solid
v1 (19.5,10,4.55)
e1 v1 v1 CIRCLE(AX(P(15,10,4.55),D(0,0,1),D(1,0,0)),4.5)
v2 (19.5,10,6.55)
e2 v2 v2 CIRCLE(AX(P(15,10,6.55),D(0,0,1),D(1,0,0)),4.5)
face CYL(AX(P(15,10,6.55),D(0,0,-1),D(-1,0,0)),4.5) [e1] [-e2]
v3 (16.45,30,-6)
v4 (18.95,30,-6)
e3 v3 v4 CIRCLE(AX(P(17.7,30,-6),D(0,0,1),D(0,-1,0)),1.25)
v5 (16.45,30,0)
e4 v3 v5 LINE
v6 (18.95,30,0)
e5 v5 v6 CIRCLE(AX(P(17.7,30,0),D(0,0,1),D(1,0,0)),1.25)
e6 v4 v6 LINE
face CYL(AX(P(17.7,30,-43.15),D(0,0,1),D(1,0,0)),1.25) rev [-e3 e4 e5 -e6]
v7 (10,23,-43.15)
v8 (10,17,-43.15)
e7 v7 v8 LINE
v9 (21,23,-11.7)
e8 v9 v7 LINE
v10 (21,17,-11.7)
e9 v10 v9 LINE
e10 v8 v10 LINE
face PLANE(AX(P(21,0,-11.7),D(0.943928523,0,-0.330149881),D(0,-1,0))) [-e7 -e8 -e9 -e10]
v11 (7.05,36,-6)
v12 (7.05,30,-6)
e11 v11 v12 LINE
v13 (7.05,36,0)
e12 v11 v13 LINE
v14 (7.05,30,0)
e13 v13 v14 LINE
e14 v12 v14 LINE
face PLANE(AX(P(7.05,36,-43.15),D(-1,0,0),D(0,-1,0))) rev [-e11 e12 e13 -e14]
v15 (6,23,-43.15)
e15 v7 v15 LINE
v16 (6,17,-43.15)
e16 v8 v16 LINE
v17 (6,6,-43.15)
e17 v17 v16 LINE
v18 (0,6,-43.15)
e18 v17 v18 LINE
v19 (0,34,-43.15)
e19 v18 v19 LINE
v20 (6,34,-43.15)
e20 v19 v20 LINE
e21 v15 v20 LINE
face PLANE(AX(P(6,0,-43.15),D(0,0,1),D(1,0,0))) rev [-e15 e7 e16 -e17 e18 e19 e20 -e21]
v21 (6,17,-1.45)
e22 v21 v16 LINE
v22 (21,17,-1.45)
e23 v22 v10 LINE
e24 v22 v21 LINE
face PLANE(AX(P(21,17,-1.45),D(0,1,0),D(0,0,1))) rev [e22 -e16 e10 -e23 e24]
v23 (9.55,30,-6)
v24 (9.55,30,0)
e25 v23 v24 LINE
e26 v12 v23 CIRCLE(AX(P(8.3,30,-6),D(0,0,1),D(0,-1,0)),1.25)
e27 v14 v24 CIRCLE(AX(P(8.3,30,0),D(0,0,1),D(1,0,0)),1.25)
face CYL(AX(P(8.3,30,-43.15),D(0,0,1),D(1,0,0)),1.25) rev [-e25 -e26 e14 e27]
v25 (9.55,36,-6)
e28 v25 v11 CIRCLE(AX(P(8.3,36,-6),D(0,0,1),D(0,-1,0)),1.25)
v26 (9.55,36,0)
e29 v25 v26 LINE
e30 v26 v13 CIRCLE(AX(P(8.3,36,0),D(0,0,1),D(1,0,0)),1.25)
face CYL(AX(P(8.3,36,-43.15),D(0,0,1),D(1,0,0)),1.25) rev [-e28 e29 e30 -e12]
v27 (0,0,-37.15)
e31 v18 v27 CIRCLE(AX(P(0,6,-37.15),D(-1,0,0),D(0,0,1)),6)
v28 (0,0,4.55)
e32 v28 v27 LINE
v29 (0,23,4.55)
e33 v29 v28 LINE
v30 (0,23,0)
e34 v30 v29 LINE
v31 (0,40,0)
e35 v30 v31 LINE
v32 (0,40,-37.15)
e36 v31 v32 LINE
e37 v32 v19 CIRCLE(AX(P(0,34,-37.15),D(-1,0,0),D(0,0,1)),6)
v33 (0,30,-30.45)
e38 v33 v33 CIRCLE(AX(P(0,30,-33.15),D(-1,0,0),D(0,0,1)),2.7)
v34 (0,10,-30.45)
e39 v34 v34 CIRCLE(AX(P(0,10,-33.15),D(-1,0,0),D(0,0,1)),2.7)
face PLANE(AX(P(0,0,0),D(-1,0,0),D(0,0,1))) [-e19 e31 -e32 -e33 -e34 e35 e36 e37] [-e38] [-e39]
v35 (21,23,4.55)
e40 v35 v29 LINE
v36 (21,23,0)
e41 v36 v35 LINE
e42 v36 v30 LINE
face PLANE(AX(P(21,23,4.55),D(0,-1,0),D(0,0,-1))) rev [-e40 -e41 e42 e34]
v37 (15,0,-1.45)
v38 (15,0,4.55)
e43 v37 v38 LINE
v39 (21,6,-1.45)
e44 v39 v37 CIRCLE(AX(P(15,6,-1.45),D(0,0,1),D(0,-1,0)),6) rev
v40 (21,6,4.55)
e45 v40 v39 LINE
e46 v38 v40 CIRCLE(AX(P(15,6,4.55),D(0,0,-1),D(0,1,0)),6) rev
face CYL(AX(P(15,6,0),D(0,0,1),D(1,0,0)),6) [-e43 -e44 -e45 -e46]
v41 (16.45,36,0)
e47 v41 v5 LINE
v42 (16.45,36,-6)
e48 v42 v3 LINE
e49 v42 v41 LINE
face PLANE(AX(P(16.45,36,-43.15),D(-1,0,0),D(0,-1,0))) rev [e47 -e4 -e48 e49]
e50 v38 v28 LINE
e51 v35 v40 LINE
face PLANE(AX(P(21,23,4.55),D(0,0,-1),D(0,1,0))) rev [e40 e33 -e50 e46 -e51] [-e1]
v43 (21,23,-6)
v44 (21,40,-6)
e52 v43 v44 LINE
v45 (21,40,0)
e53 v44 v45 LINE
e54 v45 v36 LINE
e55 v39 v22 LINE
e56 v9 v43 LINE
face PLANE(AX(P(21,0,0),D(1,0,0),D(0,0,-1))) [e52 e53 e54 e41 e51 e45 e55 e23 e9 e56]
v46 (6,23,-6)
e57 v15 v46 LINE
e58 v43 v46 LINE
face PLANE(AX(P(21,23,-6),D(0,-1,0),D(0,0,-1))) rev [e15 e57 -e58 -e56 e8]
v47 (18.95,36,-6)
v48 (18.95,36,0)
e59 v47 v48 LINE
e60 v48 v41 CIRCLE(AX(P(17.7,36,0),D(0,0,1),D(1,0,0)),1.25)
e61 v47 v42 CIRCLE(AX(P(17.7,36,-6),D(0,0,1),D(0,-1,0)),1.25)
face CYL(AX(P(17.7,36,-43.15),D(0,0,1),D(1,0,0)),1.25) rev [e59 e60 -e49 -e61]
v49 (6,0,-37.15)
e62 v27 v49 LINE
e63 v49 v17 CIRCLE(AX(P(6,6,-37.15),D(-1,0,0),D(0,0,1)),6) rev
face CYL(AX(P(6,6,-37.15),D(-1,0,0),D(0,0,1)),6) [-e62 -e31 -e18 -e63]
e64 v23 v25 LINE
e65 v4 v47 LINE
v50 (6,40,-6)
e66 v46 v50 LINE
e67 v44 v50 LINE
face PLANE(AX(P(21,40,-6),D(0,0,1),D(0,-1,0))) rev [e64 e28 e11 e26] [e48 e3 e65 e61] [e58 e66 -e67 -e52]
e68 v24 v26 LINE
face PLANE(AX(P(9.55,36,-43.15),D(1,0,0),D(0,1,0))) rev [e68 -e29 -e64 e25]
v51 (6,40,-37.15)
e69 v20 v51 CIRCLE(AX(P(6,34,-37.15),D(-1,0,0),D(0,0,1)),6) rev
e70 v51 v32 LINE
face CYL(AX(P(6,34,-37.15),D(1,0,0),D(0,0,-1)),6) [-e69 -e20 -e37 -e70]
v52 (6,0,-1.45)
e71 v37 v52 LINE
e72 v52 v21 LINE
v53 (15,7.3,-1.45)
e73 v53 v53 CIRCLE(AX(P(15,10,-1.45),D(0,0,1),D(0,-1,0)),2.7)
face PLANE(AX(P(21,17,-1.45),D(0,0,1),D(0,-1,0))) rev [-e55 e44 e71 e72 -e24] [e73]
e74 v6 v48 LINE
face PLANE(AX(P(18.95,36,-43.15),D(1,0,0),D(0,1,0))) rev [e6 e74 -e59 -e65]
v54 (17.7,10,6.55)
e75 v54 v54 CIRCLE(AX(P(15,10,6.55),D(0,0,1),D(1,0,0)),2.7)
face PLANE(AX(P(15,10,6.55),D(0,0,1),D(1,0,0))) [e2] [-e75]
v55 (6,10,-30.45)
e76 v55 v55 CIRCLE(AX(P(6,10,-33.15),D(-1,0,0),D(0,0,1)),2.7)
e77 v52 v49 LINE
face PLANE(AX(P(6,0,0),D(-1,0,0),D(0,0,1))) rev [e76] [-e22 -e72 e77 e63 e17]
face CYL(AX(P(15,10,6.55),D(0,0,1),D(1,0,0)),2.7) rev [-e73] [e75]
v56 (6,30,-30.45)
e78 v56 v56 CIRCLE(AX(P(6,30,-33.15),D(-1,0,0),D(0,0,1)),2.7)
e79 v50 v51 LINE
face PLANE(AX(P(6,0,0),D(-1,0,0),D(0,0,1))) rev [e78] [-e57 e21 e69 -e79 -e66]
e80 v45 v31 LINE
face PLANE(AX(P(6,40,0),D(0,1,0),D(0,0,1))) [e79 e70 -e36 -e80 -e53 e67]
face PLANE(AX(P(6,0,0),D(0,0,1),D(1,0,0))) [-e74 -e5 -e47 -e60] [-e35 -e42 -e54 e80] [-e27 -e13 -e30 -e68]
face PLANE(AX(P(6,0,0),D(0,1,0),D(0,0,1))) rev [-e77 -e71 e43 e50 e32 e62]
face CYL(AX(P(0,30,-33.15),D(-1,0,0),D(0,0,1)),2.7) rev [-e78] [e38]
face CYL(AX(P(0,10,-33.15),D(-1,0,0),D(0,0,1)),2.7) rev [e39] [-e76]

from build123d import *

# Parameters (mm, degrees)
SKETCH1_W             = 43.15
SKETCH1_H             = 40
BOSS_EXTRUDE1_DEPTH   = 6
BOSS_EXTRUDE2_DEPTH   = 21
CHAMFER1_SIZE         = 11
CHAMFER1_SIZE2        = 31.45
F_5_4MM_DOWEL_HOLE1_D = 5.4
SKETCH8_R             = 4.5
BOSS_EXTRUDE3_DEPTH   = 2
F_5_4MM_DOWEL_HOLE2_D = 5.4
CUT_EXTRUDE1_DEPTH    = 44.15
FILLET1_R             = 6
FILLET2_R             = 6


with BuildPart() as part:
    # Sketch1 → Boss-Extrude1 (new body)
    with BuildSketch(Plane(origin=(0, 0, 0), x_dir=(0, 0, -1), z_dir=(1, 0, 0))):
        with Locations((21.575, 20)):
            Rectangle(SKETCH1_W, SKETCH1_H)
    extrude(amount=BOSS_EXTRUDE1_DEPTH)

    # Sketch2 → Boss-Extrude2 (add)
    with BuildSketch(Plane(origin=(0, 0, 0), x_dir=(0, 0, -1), z_dir=(1, 0, 0))):
        Polygon((-4.55, 23), (0, 23), (0, 40), (6, 40), (6, 23), (43.15, 23), (43.15, 17), (1.45, 17), (1.45, 0), (-4.55, 0), align=None)
    extrude(amount=BOSS_EXTRUDE2_DEPTH)

    # Chamfer1
    chamfer1_edges = [part.edges().sort_by_distance(p)[0] for p in [
        (21, 20, -43.15),
    ]]
    chamfer1_side = [part.faces().sort_by_distance(p)[0] for p in [
        (5.863636364, 20, -43.15),
    ]]
    chamfer(chamfer1_edges, length=CHAMFER1_SIZE, length2=CHAMFER1_SIZE2, reference=chamfer1_side[0])

    # Ø5.4mm Dowel Hole1 (through all)
    with Locations(Plane.ZY):
        with Locations((-33.15, 30), (-33.15, 10)):
            Hole(F_5_4MM_DOWEL_HOLE1_D / 2)

    # Sketch8 → Boss-Extrude3 (add)
    with BuildSketch(Plane.XY.offset(4.55)):
        with Locations((15, 10)):
            Circle(SKETCH8_R)
    extrude(amount=BOSS_EXTRUDE3_DEPTH)

    # Ø5.4mm Dowel Hole2 (through all)
    with Locations(Plane.XY.offset(6.55)):
        with Locations((15, 10)):
            Hole(F_5_4MM_DOWEL_HOLE2_D / 2)

    # Sketch11 → Cut-Extrude1 (cut, through all)
    with BuildSketch(Plane.XY):
        with BuildLine():
            Line((18.95, 36), (18.95, 30))
            ThreePointArc((18.95, 30), (17.7, 28.75), (16.45, 30))
            Line((16.45, 30), (16.45, 36))
            ThreePointArc((16.45, 36), (17.7, 37.25), (18.95, 36))
        make_face()
        with BuildLine():
            Line((9.55, 36), (9.55, 30))
            ThreePointArc((9.55, 30), (8.3, 28.75), (7.05, 30))
            Line((7.05, 30), (7.05, 36))
            ThreePointArc((7.05, 36), (8.3, 37.25), (9.55, 36))
        make_face()
    extrude(amount=-CUT_EXTRUDE1_DEPTH, mode=Mode.SUBTRACT)

    # Fillet1
    fillet1_edges = [part.edges().sort_by_distance(p)[0] for p in [
        (21, 0, 1.55),
    ]]
    fillet(fillet1_edges, radius=FILLET1_R)

    # Fillet2
    fillet2_edges = [part.edges().sort_by_distance(p)[0] for p in [
        (3, 0, -43.15),
        (3, 40, -43.15),
    ]]
    fillet(fillet2_edges, radius=FILLET2_R)


solid = part.part
